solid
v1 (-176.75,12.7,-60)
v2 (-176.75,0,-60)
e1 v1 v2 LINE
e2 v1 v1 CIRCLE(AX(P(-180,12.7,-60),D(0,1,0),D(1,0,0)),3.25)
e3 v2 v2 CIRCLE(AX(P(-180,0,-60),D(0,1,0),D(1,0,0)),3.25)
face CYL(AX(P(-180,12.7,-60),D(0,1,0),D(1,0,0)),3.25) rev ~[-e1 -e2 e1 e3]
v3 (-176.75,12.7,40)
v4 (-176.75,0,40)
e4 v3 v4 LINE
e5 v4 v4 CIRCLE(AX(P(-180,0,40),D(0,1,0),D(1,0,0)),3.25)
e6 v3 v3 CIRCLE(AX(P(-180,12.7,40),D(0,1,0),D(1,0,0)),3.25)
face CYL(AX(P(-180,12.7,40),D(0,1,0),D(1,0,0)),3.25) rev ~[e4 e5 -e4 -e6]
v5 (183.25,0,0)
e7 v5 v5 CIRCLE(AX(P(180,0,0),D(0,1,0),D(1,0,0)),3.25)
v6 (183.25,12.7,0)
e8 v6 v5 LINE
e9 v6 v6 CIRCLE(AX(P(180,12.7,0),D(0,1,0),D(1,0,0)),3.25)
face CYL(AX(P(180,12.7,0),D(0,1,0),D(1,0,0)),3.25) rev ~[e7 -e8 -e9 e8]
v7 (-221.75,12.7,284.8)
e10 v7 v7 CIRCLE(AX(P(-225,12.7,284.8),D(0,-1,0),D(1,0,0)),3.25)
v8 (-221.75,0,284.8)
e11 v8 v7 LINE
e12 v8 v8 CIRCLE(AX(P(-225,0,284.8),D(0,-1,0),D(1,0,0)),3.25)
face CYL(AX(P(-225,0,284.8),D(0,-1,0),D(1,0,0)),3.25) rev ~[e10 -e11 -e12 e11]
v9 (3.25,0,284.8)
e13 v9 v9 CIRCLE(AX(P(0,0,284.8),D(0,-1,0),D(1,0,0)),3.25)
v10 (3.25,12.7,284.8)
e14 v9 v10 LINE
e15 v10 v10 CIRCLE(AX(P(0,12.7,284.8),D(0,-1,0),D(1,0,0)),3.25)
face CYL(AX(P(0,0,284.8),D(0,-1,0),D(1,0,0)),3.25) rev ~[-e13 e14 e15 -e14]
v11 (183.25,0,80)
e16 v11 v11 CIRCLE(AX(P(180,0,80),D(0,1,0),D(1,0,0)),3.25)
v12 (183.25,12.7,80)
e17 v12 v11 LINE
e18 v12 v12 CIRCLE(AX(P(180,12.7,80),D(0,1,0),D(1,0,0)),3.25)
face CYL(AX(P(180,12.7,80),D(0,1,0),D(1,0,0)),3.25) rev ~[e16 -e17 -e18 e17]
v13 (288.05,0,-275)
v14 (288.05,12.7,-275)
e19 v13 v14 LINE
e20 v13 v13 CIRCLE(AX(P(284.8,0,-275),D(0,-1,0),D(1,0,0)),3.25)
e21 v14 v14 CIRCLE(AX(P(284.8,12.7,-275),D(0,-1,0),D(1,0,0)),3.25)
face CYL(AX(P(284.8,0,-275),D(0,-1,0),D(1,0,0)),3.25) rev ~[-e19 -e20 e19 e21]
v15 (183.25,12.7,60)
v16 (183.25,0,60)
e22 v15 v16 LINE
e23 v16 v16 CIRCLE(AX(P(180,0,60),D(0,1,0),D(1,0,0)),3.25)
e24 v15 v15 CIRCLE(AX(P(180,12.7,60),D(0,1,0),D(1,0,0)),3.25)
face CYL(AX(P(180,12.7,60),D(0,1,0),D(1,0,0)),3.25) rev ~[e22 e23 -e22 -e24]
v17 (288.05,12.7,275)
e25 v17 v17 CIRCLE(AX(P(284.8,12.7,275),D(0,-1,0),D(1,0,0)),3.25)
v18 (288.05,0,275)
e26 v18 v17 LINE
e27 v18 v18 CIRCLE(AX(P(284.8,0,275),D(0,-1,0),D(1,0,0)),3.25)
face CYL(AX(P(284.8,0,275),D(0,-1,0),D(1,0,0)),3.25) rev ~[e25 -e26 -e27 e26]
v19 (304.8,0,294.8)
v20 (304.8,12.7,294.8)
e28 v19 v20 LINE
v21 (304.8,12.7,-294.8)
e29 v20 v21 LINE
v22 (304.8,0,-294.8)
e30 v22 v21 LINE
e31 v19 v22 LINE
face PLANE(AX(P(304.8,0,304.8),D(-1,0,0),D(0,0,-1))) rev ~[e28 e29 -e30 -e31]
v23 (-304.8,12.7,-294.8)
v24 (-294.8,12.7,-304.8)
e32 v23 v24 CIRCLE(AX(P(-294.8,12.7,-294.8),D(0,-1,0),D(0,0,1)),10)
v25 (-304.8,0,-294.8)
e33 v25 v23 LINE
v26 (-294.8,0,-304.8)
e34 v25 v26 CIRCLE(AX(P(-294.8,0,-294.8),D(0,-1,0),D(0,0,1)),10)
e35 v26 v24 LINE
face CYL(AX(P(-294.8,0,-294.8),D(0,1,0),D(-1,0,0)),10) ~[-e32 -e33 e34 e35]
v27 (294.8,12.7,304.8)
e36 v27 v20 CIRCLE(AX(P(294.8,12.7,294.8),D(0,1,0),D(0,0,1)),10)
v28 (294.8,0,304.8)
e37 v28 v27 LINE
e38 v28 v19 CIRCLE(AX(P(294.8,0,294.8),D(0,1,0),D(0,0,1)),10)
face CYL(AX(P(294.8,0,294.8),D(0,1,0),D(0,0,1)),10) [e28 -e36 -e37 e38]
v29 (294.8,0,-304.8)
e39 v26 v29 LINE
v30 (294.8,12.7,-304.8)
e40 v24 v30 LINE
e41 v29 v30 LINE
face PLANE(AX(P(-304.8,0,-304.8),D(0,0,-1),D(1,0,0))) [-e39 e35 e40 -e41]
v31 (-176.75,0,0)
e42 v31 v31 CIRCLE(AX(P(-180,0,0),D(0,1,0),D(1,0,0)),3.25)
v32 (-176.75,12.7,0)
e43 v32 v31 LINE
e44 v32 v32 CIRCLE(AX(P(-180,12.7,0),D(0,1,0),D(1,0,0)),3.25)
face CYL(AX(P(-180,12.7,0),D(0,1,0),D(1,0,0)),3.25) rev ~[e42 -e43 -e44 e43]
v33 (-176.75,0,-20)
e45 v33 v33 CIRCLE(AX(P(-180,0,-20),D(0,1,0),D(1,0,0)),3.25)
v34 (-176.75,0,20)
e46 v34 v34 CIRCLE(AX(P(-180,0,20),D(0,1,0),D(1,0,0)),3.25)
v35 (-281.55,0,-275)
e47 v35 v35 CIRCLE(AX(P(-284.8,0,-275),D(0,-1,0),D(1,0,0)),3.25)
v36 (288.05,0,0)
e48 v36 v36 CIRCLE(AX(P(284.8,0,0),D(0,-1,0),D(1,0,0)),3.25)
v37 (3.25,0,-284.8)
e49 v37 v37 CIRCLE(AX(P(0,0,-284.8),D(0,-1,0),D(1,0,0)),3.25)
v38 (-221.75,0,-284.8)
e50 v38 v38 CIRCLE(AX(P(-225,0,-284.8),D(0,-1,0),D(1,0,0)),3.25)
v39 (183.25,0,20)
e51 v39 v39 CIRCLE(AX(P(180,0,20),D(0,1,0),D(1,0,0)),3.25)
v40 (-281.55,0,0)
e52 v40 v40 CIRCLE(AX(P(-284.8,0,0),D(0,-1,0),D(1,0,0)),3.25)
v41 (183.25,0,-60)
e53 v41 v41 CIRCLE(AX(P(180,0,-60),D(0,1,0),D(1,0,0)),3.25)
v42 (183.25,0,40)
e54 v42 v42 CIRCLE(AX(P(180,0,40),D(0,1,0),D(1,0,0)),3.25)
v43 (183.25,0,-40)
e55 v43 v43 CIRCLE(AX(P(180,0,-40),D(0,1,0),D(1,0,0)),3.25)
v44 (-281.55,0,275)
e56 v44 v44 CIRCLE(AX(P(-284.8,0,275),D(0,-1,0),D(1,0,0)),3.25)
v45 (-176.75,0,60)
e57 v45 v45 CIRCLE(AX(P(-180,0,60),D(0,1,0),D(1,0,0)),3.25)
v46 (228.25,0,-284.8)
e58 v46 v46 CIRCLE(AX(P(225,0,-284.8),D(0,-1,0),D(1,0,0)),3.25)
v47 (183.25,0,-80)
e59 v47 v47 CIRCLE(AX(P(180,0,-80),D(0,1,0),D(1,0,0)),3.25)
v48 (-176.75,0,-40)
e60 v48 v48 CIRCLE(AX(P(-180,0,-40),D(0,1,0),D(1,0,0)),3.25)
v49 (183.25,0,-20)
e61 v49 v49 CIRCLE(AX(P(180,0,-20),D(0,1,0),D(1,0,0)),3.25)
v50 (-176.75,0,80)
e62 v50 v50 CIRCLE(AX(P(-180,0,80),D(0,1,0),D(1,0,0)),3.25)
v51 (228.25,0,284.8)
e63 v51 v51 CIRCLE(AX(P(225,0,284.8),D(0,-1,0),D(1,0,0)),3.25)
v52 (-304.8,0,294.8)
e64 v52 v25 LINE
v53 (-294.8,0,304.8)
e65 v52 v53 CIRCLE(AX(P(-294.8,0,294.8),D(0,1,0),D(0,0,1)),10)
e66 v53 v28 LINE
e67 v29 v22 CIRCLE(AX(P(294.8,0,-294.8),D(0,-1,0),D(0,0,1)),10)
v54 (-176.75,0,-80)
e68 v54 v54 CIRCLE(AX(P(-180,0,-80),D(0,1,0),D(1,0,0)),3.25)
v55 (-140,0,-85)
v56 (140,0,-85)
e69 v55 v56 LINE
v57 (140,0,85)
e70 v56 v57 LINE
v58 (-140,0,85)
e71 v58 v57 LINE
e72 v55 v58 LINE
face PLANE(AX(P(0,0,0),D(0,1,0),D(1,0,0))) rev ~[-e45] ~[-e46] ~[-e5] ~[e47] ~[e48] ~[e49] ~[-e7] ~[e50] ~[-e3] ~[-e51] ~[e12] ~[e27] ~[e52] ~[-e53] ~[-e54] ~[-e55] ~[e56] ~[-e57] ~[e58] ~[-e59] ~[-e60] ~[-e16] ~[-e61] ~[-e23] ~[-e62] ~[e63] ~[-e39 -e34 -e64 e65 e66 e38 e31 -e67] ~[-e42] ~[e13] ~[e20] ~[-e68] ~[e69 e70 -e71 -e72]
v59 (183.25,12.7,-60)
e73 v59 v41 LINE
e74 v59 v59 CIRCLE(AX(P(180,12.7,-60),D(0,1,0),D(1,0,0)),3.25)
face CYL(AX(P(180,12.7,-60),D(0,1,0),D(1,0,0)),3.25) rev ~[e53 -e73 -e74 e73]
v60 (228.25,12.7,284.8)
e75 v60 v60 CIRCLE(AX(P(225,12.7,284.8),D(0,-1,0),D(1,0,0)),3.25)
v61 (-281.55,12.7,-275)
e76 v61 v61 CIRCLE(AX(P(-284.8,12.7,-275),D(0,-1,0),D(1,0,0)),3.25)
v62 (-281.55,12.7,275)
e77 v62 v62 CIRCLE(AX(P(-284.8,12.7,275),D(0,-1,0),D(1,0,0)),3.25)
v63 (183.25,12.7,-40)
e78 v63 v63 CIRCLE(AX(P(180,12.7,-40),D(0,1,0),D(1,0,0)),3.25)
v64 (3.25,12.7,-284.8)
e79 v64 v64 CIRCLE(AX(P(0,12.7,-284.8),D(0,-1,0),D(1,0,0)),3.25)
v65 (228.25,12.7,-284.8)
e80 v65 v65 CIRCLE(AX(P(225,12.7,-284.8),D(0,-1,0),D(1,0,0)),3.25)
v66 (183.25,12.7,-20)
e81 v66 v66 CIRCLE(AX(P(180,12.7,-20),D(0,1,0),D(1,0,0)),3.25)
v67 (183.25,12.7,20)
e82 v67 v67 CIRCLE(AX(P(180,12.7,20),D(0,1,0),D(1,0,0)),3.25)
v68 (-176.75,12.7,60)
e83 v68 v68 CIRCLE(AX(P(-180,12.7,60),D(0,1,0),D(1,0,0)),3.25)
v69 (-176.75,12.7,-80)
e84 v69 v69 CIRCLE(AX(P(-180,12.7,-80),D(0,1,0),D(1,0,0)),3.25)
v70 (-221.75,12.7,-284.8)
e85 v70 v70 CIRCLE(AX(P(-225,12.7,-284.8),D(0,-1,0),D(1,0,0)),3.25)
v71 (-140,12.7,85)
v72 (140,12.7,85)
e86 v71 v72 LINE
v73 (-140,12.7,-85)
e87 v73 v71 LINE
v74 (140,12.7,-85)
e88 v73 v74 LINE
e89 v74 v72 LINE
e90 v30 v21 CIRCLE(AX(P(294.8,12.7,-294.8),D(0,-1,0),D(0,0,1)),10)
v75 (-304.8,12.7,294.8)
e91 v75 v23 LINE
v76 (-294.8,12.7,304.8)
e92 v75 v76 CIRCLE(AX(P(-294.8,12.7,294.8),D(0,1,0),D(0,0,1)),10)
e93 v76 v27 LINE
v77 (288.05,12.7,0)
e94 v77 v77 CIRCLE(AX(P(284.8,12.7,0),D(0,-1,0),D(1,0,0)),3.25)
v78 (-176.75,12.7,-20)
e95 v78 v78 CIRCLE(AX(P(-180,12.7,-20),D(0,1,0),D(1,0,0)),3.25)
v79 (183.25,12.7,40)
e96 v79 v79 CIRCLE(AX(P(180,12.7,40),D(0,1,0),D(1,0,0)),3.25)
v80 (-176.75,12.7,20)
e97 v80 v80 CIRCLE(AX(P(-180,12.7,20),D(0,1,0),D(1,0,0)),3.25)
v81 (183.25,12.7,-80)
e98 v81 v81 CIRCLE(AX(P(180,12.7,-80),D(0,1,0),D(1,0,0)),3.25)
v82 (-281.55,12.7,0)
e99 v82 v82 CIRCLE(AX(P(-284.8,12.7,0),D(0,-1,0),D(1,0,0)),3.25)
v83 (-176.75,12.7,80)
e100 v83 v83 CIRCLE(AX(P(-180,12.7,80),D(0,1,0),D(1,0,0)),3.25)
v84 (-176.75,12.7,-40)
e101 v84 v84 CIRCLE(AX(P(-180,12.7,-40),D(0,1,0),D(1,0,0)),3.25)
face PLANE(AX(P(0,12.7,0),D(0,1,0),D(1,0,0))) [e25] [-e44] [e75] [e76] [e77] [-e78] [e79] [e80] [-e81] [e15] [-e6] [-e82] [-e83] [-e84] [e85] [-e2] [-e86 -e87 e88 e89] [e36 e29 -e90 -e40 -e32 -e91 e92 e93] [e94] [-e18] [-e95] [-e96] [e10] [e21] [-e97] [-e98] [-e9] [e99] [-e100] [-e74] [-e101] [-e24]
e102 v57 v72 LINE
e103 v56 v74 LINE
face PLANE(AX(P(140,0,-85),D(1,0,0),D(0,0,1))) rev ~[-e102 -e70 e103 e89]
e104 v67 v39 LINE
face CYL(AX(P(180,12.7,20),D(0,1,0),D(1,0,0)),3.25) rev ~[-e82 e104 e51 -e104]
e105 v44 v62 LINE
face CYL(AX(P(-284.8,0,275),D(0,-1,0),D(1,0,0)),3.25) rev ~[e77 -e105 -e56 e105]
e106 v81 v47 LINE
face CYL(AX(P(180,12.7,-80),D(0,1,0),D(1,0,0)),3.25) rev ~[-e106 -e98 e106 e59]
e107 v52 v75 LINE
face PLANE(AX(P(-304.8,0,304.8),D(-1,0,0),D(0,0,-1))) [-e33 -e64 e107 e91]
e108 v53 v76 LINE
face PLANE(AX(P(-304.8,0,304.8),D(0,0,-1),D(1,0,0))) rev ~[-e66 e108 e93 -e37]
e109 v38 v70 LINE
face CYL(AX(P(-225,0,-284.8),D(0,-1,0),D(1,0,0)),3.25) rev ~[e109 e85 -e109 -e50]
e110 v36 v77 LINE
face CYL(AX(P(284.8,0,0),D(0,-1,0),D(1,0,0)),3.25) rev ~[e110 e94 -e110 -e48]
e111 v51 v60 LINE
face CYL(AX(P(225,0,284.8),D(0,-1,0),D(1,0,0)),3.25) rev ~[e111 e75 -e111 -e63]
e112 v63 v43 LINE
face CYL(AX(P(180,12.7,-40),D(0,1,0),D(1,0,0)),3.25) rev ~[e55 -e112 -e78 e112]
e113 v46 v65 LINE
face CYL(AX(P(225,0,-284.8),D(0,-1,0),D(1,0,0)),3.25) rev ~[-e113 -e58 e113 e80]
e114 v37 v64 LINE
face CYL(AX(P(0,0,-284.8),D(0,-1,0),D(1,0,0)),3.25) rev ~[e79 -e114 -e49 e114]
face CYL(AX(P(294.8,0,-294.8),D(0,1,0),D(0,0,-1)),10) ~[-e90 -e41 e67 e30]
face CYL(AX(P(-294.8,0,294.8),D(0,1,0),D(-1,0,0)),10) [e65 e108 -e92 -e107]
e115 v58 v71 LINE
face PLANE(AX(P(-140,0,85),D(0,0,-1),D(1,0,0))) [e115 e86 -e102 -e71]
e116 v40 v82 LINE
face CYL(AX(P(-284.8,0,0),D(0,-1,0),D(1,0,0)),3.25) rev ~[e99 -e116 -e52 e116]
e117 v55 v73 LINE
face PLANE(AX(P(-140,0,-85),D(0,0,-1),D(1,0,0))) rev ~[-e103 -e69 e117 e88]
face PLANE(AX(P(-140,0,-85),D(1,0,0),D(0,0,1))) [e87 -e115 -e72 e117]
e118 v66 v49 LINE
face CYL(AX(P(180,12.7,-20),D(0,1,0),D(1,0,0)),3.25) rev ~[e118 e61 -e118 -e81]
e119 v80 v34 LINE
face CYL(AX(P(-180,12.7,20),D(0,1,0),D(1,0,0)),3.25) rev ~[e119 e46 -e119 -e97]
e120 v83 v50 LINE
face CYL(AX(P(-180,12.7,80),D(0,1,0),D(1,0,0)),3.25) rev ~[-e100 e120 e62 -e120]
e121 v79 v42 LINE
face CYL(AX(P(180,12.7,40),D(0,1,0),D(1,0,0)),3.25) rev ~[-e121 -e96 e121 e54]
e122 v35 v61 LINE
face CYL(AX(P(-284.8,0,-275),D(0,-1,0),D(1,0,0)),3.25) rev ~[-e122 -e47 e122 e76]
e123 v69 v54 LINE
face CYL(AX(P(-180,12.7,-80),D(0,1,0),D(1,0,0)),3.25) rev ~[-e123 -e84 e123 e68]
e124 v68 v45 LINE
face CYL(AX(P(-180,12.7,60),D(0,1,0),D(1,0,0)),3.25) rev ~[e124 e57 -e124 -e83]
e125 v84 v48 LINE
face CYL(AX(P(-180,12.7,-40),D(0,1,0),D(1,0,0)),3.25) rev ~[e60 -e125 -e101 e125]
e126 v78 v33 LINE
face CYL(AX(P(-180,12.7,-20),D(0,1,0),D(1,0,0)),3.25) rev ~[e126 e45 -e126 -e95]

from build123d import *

# Parameters (mm, degrees)
SKETCH1_W                            = 609.6
SKETCH1_H                            = 609.6
LEXAN_BOSS_EXTRUDE1_DEPTH            = 12.7
HOUSING_NEST_HOLE_CUT_EXTRUDE1_REACH = 14.7
SKETCH5_W                            = 280
SKETCH5_H                            = 170
CUT_EXTRUDE7_REACH                   = 14.7
SKETCH6_R                            = 3.25
SKETCH9_R                            = 3.25
CUT_EXTRUDE6_DEPTH                   = 13.7
LPATTERN5_COUNT                      = 5
LPATTERN5_PITCH                      = 20
LPATTERN5_COL_COUNT                  = 5
LPATTERN5_COL_PITCH                  = 20
FILLET3_R                            = 10


with BuildPart() as part:
    # Sketch1 → Lexan Boss-Extrude1 (new body)
    with BuildSketch(Plane(origin=(0, 0, 0), x_dir=(1, 0, 0), z_dir=(0, 1, 0))):
        Rectangle(SKETCH1_W, SKETCH1_H)
    extrude(amount=LEXAN_BOSS_EXTRUDE1_DEPTH)

    # Sketch5 → Housing nest hole Cut-Extrude1 (cut, up to next)
    with BuildSketch(Plane.XZ, mode=Mode.PRIVATE) as housing_nest_hole_cut_extrude1_sk1:
        Rectangle(SKETCH5_W, SKETCH5_H)
    housing_nest_hole_cut_extrude1_tool1 = extrude(housing_nest_hole_cut_extrude1_sk1.sketch, amount=-HOUSING_NEST_HOLE_CUT_EXTRUDE1_REACH, mode=Mode.PRIVATE) & part.part
    add(housing_nest_hole_cut_extrude1_tool1.solids().sort_by_distance((0, 0, 0))[0], mode=Mode.SUBTRACT)

    # Sketch6 → Cut-Extrude7 (cut, up to next)
    with BuildSketch(Plane.XZ, mode=Mode.PRIVATE) as cut_extrude7_sk1:
        with Locations((-284.8, 275)):
            Circle(SKETCH6_R)
    cut_extrude7_tool1 = extrude(cut_extrude7_sk1.sketch, amount=-CUT_EXTRUDE7_REACH, mode=Mode.PRIVATE) & part.part
    add(cut_extrude7_tool1.solids().sort_by_distance((-284.8, 0, 275))[0], mode=Mode.SUBTRACT)
    # Sketch6 → Cut-Extrude7 (cut, up to next)
    with BuildSketch(Plane.XZ, mode=Mode.PRIVATE) as cut_extrude7_sk2:
        with Locations((-284.8, 0)):
            Circle(SKETCH6_R)
    cut_extrude7_tool2 = extrude(cut_extrude7_sk2.sketch, amount=-CUT_EXTRUDE7_REACH, mode=Mode.PRIVATE) & part.part
    add(cut_extrude7_tool2.solids().sort_by_distance((-284.8, 0, 0))[0], mode=Mode.SUBTRACT)
    # Sketch6 → Cut-Extrude7 (cut, up to next)
    with BuildSketch(Plane.XZ, mode=Mode.PRIVATE) as cut_extrude7_sk3:
        with Locations((-284.8, -275)):
            Circle(SKETCH6_R)
    cut_extrude7_tool3 = extrude(cut_extrude7_sk3.sketch, amount=-CUT_EXTRUDE7_REACH, mode=Mode.PRIVATE) & part.part
    add(cut_extrude7_tool3.solids().sort_by_distance((-284.8, 0, -275))[0], mode=Mode.SUBTRACT)
    # Sketch6 → Cut-Extrude7 (cut, up to next)
    with BuildSketch(Plane.XZ, mode=Mode.PRIVATE) as cut_extrude7_sk4:
        with Locations((284.8, -275)):
            Circle(SKETCH6_R)
    cut_extrude7_tool4 = extrude(cut_extrude7_sk4.sketch, amount=-CUT_EXTRUDE7_REACH, mode=Mode.PRIVATE) & part.part
    add(cut_extrude7_tool4.solids().sort_by_distance((284.8, 0, -275))[0], mode=Mode.SUBTRACT)
    # Sketch6 → Cut-Extrude7 (cut, up to next)
    with BuildSketch(Plane.XZ, mode=Mode.PRIVATE) as cut_extrude7_sk5:
        with Locations((284.8, 0)):
            Circle(SKETCH6_R)
    cut_extrude7_tool5 = extrude(cut_extrude7_sk5.sketch, amount=-CUT_EXTRUDE7_REACH, mode=Mode.PRIVATE) & part.part
    add(cut_extrude7_tool5.solids().sort_by_distance((284.8, 0, 0))[0], mode=Mode.SUBTRACT)
    # Sketch6 → Cut-Extrude7 (cut, up to next)
    with BuildSketch(Plane.XZ, mode=Mode.PRIVATE) as cut_extrude7_sk6:
        with Locations((284.8, 275)):
            Circle(SKETCH6_R)
    cut_extrude7_tool6 = extrude(cut_extrude7_sk6.sketch, amount=-CUT_EXTRUDE7_REACH, mode=Mode.PRIVATE) & part.part
    add(cut_extrude7_tool6.solids().sort_by_distance((284.8, 0, 275))[0], mode=Mode.SUBTRACT)
    # Sketch6 → Cut-Extrude7 (cut, up to next)
    with BuildSketch(Plane.XZ, mode=Mode.PRIVATE) as cut_extrude7_sk7:
        with Locations((-225, 284.8)):
            Circle(SKETCH6_R)
    cut_extrude7_tool7 = extrude(cut_extrude7_sk7.sketch, amount=-CUT_EXTRUDE7_REACH, mode=Mode.PRIVATE) & part.part
    add(cut_extrude7_tool7.solids().sort_by_distance((-225, 0, 284.8))[0], mode=Mode.SUBTRACT)
    # Sketch6 → Cut-Extrude7 (cut, up to next)
    with BuildSketch(Plane.XZ, mode=Mode.PRIVATE) as cut_extrude7_sk8:
        with Locations((0, 284.8)):
            Circle(SKETCH6_R)
    cut_extrude7_tool8 = extrude(cut_extrude7_sk8.sketch, amount=-CUT_EXTRUDE7_REACH, mode=Mode.PRIVATE) & part.part
    add(cut_extrude7_tool8.solids().sort_by_distance((0, 0, 284.8))[0], mode=Mode.SUBTRACT)
    # Sketch6 → Cut-Extrude7 (cut, up to next)
    with BuildSketch(Plane.XZ, mode=Mode.PRIVATE) as cut_extrude7_sk9:
        with Locations((225, 284.8)):
            Circle(SKETCH6_R)
    cut_extrude7_tool9 = extrude(cut_extrude7_sk9.sketch, amount=-CUT_EXTRUDE7_REACH, mode=Mode.PRIVATE) & part.part
    add(cut_extrude7_tool9.solids().sort_by_distance((225, 0, 284.8))[0], mode=Mode.SUBTRACT)
    # Sketch6 → Cut-Extrude7 (cut, up to next)
    with BuildSketch(Plane.XZ, mode=Mode.PRIVATE) as cut_extrude7_sk10:
        with Locations((225, -284.8)):
            Circle(SKETCH6_R)
    cut_extrude7_tool10 = extrude(cut_extrude7_sk10.sketch, amount=-CUT_EXTRUDE7_REACH, mode=Mode.PRIVATE) & part.part
    add(cut_extrude7_tool10.solids().sort_by_distance((225, 0, -284.8))[0], mode=Mode.SUBTRACT)
    # Sketch6 → Cut-Extrude7 (cut, up to next)
    with BuildSketch(Plane.XZ, mode=Mode.PRIVATE) as cut_extrude7_sk11:
        with Locations((0, -284.8)):
            Circle(SKETCH6_R)
    cut_extrude7_tool11 = extrude(cut_extrude7_sk11.sketch, amount=-CUT_EXTRUDE7_REACH, mode=Mode.PRIVATE) & part.part
    add(cut_extrude7_tool11.solids().sort_by_distance((0, 0, -284.8))[0], mode=Mode.SUBTRACT)
    # Sketch6 → Cut-Extrude7 (cut, up to next)
    with BuildSketch(Plane.XZ, mode=Mode.PRIVATE) as cut_extrude7_sk12:
        with Locations((-225, -284.8)):
            Circle(SKETCH6_R)
    cut_extrude7_tool12 = extrude(cut_extrude7_sk12.sketch, amount=-CUT_EXTRUDE7_REACH, mode=Mode.PRIVATE) & part.part
    add(cut_extrude7_tool12.solids().sort_by_distance((-225, 0, -284.8))[0], mode=Mode.SUBTRACT)

    # Sketch9 → Cut-Extrude6 (cut, through all)
    with BuildSketch(Plane(origin=(0, 12.7, 0), x_dir=(1, 0, 0), z_dir=(0, 1, 0))):
        with Locations((-180, 0)):
            Circle(SKETCH9_R)
        with Locations((180, 0)):
            Circle(SKETCH9_R)
    cut_extrude6 = extrude(amount=-CUT_EXTRUDE6_DEPTH, mode=Mode.SUBTRACT)

    # LPattern5: Cut-Extrude6 ×5
    with Locations(*[(0, 0, i * LPATTERN5_PITCH) for i in range(1, LPATTERN5_COUNT)]):
        add(cut_extrude6, mode=Mode.SUBTRACT)

    # LPattern5 col: Cut-Extrude6 ×5
    with Locations(*[(0, 0, -i * LPATTERN5_COL_PITCH) for i in range(1, LPATTERN5_COL_COUNT)]):
        add(cut_extrude6, mode=Mode.SUBTRACT)

    # Fillet3
    fillet3_edges = [part.edges().sort_by_distance(p)[0] for p in [
        (304.8, 6.35, 304.8),
        (-304.8, 6.35, 304.8),
        (-304.8, 6.35, -304.8),
        (304.8, 6.35, -304.8),
    ]]
    fillet(fillet3_edges, radius=FILLET3_R)


solid = part.part
